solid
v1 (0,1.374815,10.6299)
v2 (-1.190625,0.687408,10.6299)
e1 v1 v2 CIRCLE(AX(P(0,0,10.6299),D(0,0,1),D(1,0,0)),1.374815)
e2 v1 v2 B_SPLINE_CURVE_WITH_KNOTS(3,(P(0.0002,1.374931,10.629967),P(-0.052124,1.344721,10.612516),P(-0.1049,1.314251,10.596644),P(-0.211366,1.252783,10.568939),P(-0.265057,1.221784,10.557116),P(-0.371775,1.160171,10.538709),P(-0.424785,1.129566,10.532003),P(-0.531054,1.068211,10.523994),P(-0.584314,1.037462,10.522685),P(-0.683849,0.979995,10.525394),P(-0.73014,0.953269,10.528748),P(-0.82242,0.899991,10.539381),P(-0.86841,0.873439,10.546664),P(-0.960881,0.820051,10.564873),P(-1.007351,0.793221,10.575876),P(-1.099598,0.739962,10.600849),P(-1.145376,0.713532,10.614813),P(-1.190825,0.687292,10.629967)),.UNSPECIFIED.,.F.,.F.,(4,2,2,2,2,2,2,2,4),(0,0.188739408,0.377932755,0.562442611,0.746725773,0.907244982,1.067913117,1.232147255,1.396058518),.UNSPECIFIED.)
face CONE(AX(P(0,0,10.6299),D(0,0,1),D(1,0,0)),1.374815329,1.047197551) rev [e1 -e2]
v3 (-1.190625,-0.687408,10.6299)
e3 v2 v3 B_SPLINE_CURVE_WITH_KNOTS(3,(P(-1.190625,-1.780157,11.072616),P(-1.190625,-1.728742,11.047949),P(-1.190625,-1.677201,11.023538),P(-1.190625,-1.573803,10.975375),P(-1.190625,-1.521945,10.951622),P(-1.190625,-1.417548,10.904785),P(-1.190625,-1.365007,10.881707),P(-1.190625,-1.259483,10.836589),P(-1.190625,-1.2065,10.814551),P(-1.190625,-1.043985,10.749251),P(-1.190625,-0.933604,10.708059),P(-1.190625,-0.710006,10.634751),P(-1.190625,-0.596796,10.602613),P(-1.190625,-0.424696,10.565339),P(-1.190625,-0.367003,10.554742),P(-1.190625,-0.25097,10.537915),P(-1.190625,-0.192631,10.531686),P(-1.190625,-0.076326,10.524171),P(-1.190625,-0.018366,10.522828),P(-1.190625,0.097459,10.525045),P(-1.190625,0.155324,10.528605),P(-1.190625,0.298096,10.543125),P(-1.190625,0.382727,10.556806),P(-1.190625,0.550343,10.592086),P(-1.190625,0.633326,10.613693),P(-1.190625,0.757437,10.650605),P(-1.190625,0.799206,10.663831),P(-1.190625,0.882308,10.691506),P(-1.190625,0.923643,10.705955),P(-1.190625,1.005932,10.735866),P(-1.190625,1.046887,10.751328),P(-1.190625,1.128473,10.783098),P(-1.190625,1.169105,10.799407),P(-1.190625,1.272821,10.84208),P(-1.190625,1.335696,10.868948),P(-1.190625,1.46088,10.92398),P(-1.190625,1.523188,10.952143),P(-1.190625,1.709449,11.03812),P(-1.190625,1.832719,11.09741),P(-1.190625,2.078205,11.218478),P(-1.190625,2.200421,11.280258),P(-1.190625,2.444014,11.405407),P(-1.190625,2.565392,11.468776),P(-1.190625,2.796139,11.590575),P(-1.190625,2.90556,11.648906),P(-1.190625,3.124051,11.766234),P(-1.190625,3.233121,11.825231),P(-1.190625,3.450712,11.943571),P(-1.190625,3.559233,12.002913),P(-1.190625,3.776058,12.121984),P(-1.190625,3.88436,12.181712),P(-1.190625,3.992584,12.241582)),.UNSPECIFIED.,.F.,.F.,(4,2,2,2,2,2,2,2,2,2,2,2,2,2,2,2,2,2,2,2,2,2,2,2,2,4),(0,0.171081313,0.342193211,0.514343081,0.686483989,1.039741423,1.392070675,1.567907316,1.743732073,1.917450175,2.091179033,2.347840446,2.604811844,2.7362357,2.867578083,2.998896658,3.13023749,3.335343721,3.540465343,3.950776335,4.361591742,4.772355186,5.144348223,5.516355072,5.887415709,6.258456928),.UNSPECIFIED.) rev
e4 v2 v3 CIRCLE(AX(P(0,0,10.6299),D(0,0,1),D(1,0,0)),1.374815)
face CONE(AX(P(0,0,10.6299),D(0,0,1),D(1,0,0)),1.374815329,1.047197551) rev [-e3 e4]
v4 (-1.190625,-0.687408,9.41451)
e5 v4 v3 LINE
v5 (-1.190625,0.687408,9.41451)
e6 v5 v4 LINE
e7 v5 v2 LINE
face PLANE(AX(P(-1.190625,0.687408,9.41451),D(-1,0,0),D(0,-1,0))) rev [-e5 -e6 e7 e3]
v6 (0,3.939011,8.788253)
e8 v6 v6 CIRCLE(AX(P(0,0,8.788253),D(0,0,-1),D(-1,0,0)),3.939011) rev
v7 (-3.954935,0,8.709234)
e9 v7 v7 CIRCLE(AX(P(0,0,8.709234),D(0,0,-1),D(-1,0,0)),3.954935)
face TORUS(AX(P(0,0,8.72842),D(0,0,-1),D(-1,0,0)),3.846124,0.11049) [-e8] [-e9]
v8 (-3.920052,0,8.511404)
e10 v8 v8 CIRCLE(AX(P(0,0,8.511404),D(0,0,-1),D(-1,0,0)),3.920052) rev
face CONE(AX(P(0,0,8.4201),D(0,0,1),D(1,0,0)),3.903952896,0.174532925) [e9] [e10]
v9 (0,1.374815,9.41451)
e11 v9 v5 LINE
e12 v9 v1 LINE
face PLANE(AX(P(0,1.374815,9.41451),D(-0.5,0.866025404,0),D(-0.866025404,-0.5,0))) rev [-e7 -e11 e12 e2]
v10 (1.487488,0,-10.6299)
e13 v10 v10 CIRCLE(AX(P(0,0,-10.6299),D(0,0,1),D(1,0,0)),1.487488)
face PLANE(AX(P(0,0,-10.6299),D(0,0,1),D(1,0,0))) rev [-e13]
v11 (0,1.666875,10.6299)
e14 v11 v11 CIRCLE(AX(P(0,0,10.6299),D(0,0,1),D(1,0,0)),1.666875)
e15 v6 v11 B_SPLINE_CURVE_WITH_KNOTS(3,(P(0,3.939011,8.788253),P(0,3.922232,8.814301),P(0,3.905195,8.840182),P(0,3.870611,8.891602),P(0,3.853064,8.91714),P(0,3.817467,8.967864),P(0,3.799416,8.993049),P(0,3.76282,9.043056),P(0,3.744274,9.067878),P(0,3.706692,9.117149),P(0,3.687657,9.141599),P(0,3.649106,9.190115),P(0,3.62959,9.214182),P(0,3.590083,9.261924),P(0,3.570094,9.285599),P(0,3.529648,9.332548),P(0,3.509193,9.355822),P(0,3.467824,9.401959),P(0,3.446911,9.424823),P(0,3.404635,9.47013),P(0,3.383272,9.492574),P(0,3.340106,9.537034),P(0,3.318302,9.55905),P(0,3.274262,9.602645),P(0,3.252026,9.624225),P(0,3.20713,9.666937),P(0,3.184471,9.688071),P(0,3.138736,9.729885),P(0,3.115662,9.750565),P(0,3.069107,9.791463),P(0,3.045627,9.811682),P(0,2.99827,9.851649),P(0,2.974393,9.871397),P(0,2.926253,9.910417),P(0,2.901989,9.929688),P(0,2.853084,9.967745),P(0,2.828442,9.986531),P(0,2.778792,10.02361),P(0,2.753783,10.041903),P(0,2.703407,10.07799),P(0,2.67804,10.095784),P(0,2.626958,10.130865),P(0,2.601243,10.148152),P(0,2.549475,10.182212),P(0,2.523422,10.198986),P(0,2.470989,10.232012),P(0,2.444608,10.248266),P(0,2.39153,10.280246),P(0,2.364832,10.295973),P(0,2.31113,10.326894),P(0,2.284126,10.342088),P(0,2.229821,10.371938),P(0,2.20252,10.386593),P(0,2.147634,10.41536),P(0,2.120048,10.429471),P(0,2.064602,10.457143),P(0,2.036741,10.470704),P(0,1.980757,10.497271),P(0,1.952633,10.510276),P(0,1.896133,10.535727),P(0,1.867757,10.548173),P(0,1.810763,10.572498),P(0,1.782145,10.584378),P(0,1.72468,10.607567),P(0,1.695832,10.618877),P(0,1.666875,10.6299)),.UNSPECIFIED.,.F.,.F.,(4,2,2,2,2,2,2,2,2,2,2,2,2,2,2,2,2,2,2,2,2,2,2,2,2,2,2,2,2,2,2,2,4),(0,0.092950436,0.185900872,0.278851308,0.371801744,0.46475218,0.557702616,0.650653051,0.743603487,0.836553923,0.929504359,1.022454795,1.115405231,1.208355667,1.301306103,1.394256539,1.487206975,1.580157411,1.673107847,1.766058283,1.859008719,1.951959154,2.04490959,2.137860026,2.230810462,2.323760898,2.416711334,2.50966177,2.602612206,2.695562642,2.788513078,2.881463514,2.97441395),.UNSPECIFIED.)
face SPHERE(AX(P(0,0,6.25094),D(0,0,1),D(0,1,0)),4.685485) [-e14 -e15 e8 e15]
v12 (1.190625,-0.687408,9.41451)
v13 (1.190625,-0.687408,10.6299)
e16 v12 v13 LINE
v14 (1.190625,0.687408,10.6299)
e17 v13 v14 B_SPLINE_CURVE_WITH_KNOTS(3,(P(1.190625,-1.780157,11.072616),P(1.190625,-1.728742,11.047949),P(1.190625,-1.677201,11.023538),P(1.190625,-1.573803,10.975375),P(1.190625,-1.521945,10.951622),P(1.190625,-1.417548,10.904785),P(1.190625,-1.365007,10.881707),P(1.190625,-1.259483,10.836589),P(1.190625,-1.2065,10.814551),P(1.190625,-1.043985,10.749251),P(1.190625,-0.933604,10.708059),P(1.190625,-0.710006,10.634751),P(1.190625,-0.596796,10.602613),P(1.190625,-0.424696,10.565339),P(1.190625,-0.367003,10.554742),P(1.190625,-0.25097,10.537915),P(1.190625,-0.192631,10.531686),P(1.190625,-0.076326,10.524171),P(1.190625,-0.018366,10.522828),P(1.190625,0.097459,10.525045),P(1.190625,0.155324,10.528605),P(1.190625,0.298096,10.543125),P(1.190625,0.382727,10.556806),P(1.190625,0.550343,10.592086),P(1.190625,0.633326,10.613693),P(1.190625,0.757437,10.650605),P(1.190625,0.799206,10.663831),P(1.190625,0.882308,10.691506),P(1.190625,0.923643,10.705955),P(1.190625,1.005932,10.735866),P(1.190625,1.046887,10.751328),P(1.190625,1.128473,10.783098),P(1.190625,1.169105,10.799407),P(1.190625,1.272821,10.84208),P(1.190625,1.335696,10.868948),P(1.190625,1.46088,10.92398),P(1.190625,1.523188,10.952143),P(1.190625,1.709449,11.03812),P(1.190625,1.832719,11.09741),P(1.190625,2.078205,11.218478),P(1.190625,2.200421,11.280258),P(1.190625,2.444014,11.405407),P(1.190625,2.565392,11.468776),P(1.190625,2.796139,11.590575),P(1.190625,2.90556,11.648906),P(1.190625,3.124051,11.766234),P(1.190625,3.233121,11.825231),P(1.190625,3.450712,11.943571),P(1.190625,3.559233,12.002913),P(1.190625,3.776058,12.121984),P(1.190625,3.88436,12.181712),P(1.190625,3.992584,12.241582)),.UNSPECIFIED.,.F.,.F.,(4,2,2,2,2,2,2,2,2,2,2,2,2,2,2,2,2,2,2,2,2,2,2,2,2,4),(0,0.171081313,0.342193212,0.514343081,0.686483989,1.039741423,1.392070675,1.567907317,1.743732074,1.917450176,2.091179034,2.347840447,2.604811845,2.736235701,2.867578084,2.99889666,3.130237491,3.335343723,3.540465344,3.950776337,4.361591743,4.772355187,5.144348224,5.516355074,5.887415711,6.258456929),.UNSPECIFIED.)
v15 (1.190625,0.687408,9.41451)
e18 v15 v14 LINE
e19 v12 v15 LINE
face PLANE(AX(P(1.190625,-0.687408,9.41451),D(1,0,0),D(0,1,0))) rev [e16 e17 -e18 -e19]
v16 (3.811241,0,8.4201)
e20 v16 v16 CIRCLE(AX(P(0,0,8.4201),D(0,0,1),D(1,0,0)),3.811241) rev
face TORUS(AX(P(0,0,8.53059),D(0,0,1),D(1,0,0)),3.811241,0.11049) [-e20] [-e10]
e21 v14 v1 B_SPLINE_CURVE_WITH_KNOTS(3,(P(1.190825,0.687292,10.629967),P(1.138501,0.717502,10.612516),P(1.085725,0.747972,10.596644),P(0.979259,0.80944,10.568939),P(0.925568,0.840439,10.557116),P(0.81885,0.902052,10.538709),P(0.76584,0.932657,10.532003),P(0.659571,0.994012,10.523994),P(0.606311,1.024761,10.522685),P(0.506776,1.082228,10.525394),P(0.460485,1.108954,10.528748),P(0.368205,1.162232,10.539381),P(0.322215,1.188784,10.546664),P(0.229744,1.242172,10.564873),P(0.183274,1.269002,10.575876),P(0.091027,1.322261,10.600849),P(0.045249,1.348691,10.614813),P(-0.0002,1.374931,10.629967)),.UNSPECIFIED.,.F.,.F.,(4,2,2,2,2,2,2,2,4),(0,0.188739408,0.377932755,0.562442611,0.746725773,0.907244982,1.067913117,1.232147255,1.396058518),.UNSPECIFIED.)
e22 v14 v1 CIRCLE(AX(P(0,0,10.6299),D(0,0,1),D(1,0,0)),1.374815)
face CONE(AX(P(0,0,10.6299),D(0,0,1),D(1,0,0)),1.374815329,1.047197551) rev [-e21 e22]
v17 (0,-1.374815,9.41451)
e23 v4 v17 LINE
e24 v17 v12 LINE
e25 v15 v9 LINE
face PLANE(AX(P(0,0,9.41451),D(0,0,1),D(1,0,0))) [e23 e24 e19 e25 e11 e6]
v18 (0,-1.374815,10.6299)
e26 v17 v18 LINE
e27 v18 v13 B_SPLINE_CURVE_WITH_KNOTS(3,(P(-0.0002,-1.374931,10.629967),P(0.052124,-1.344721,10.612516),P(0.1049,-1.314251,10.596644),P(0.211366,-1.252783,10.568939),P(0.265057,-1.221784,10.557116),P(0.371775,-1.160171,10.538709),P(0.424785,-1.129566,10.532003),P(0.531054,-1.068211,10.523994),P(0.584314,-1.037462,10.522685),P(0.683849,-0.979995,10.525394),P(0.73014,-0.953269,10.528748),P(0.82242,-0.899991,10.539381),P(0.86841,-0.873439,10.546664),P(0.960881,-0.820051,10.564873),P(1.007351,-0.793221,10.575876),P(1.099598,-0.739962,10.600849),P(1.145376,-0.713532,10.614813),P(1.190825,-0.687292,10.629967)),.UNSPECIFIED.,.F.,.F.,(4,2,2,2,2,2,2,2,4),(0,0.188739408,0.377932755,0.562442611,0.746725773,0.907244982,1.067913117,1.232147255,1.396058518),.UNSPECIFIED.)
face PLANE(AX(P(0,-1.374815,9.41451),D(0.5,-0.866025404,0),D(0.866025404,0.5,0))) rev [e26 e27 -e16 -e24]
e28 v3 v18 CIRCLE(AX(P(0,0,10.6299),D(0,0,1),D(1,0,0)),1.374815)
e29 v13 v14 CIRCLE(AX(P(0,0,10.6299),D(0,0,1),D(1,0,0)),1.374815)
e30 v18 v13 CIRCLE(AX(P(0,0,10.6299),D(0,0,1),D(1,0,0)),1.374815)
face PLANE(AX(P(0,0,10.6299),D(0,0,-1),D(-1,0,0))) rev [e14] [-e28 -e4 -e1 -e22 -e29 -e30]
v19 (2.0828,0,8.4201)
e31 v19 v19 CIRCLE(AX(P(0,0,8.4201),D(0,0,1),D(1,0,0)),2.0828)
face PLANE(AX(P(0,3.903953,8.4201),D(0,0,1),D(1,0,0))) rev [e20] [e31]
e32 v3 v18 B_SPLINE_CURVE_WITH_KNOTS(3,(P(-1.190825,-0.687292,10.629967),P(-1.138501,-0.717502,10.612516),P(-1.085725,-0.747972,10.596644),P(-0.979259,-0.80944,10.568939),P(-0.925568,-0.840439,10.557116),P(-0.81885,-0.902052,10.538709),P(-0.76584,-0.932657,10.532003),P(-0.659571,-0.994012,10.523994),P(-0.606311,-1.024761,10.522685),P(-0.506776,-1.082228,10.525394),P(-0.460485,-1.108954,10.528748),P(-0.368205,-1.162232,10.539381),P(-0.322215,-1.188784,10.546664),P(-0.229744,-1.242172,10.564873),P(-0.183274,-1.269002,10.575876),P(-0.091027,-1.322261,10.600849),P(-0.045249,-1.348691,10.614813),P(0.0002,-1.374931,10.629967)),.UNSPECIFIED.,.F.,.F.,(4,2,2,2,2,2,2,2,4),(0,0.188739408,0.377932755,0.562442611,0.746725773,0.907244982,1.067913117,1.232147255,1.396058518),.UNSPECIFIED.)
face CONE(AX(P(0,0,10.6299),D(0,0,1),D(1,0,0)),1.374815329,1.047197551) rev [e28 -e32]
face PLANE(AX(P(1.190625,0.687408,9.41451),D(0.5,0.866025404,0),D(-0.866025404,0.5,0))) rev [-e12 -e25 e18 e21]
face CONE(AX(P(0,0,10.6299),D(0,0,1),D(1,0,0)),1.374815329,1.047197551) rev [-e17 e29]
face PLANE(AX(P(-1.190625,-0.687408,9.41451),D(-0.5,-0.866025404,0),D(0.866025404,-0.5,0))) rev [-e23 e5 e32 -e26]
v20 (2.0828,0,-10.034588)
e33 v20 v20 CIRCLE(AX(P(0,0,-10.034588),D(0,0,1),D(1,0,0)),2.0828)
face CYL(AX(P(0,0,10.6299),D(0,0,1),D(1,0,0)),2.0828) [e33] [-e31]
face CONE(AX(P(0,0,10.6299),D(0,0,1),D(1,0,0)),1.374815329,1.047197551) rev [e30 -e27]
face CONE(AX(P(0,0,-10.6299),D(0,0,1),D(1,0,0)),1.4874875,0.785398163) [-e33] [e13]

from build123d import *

# Parameters (mm, degrees)
CUT_EXTRUDE1_DEPTH = 1.21539
FILLET1_R          = 0.11049


with BuildPart() as part:
    # Sketch3 → Revolve1 (revolve)
    with BuildSketch(Plane(origin=(0, 0, 0), x_dir=(0, 0, -1), z_dir=(1, 0, 0)), mode=Mode.PRIVATE) as revolve1_sk:
        with BuildLine():
            Line((-10.6299, 0), (-10.6299, 1.666875))
            ThreePointArc((-10.6299, 1.666875), (-9.877170588, 2.967189774), (-8.75157, 3.9624))
            Line((-8.75157, 3.9624), (-8.4201, 3.903952896))
            Line((-8.4201, 3.903952896), (-8.4201, 2.0828))
            Line((-8.4201, 2.0828), (10.0345875, 2.0828))
            Line((10.0345875, 2.0828), (10.6299, 1.4874875))
            Line((10.6299, 1.4874875), (10.6299, 0))
            Line((10.6299, 0), (-10.6299, 0))
        make_face()
    revolve(revolve1_sk.sketch.rotate(Axis((0, 0, 10.6299), (0, 0, -1)), 90), axis=Axis((0, 0, 10.6299), (0, 0, -1)))

    # Sketch4 → Cut-Extrude1 (cut)
    with BuildSketch(Plane.XY.offset(10.6299)):
        Polygon((-1.190625, -0.687407664), (0, -1.374815329), (1.190625, -0.687407664), (1.190625, 0.687407664), (0, 1.374815329), (-1.190625, 0.687407664), align=None)
    extrude(amount=-CUT_EXTRUDE1_DEPTH, mode=Mode.SUBTRACT)

    # Cut-Extrude2 cone 1 section (through the dimple's axis) → Cut-Extrude2 (revolve, cut)
    with BuildSketch(Plane(origin=(0, 0, 10.6299), x_dir=(0, -1, 0), z_dir=(1, 0, 0))):
        Polygon((0, 0), (1.374815329, 0), (0, 0.79375), align=None)
    revolve(axis=Axis((0, 0, 10.6299), (0, 0, -1)), mode=Mode.SUBTRACT)

    # Fillet1
    fillet1_edges = [part.edges().sort_by_distance(p)[0] for p in [
        (-3.903952896, 0, 8.4201),
        (-3.9624, 0, 8.75157),
    ]]
    fillet(fillet1_edges, radius=FILLET1_R)


solid = part.part
